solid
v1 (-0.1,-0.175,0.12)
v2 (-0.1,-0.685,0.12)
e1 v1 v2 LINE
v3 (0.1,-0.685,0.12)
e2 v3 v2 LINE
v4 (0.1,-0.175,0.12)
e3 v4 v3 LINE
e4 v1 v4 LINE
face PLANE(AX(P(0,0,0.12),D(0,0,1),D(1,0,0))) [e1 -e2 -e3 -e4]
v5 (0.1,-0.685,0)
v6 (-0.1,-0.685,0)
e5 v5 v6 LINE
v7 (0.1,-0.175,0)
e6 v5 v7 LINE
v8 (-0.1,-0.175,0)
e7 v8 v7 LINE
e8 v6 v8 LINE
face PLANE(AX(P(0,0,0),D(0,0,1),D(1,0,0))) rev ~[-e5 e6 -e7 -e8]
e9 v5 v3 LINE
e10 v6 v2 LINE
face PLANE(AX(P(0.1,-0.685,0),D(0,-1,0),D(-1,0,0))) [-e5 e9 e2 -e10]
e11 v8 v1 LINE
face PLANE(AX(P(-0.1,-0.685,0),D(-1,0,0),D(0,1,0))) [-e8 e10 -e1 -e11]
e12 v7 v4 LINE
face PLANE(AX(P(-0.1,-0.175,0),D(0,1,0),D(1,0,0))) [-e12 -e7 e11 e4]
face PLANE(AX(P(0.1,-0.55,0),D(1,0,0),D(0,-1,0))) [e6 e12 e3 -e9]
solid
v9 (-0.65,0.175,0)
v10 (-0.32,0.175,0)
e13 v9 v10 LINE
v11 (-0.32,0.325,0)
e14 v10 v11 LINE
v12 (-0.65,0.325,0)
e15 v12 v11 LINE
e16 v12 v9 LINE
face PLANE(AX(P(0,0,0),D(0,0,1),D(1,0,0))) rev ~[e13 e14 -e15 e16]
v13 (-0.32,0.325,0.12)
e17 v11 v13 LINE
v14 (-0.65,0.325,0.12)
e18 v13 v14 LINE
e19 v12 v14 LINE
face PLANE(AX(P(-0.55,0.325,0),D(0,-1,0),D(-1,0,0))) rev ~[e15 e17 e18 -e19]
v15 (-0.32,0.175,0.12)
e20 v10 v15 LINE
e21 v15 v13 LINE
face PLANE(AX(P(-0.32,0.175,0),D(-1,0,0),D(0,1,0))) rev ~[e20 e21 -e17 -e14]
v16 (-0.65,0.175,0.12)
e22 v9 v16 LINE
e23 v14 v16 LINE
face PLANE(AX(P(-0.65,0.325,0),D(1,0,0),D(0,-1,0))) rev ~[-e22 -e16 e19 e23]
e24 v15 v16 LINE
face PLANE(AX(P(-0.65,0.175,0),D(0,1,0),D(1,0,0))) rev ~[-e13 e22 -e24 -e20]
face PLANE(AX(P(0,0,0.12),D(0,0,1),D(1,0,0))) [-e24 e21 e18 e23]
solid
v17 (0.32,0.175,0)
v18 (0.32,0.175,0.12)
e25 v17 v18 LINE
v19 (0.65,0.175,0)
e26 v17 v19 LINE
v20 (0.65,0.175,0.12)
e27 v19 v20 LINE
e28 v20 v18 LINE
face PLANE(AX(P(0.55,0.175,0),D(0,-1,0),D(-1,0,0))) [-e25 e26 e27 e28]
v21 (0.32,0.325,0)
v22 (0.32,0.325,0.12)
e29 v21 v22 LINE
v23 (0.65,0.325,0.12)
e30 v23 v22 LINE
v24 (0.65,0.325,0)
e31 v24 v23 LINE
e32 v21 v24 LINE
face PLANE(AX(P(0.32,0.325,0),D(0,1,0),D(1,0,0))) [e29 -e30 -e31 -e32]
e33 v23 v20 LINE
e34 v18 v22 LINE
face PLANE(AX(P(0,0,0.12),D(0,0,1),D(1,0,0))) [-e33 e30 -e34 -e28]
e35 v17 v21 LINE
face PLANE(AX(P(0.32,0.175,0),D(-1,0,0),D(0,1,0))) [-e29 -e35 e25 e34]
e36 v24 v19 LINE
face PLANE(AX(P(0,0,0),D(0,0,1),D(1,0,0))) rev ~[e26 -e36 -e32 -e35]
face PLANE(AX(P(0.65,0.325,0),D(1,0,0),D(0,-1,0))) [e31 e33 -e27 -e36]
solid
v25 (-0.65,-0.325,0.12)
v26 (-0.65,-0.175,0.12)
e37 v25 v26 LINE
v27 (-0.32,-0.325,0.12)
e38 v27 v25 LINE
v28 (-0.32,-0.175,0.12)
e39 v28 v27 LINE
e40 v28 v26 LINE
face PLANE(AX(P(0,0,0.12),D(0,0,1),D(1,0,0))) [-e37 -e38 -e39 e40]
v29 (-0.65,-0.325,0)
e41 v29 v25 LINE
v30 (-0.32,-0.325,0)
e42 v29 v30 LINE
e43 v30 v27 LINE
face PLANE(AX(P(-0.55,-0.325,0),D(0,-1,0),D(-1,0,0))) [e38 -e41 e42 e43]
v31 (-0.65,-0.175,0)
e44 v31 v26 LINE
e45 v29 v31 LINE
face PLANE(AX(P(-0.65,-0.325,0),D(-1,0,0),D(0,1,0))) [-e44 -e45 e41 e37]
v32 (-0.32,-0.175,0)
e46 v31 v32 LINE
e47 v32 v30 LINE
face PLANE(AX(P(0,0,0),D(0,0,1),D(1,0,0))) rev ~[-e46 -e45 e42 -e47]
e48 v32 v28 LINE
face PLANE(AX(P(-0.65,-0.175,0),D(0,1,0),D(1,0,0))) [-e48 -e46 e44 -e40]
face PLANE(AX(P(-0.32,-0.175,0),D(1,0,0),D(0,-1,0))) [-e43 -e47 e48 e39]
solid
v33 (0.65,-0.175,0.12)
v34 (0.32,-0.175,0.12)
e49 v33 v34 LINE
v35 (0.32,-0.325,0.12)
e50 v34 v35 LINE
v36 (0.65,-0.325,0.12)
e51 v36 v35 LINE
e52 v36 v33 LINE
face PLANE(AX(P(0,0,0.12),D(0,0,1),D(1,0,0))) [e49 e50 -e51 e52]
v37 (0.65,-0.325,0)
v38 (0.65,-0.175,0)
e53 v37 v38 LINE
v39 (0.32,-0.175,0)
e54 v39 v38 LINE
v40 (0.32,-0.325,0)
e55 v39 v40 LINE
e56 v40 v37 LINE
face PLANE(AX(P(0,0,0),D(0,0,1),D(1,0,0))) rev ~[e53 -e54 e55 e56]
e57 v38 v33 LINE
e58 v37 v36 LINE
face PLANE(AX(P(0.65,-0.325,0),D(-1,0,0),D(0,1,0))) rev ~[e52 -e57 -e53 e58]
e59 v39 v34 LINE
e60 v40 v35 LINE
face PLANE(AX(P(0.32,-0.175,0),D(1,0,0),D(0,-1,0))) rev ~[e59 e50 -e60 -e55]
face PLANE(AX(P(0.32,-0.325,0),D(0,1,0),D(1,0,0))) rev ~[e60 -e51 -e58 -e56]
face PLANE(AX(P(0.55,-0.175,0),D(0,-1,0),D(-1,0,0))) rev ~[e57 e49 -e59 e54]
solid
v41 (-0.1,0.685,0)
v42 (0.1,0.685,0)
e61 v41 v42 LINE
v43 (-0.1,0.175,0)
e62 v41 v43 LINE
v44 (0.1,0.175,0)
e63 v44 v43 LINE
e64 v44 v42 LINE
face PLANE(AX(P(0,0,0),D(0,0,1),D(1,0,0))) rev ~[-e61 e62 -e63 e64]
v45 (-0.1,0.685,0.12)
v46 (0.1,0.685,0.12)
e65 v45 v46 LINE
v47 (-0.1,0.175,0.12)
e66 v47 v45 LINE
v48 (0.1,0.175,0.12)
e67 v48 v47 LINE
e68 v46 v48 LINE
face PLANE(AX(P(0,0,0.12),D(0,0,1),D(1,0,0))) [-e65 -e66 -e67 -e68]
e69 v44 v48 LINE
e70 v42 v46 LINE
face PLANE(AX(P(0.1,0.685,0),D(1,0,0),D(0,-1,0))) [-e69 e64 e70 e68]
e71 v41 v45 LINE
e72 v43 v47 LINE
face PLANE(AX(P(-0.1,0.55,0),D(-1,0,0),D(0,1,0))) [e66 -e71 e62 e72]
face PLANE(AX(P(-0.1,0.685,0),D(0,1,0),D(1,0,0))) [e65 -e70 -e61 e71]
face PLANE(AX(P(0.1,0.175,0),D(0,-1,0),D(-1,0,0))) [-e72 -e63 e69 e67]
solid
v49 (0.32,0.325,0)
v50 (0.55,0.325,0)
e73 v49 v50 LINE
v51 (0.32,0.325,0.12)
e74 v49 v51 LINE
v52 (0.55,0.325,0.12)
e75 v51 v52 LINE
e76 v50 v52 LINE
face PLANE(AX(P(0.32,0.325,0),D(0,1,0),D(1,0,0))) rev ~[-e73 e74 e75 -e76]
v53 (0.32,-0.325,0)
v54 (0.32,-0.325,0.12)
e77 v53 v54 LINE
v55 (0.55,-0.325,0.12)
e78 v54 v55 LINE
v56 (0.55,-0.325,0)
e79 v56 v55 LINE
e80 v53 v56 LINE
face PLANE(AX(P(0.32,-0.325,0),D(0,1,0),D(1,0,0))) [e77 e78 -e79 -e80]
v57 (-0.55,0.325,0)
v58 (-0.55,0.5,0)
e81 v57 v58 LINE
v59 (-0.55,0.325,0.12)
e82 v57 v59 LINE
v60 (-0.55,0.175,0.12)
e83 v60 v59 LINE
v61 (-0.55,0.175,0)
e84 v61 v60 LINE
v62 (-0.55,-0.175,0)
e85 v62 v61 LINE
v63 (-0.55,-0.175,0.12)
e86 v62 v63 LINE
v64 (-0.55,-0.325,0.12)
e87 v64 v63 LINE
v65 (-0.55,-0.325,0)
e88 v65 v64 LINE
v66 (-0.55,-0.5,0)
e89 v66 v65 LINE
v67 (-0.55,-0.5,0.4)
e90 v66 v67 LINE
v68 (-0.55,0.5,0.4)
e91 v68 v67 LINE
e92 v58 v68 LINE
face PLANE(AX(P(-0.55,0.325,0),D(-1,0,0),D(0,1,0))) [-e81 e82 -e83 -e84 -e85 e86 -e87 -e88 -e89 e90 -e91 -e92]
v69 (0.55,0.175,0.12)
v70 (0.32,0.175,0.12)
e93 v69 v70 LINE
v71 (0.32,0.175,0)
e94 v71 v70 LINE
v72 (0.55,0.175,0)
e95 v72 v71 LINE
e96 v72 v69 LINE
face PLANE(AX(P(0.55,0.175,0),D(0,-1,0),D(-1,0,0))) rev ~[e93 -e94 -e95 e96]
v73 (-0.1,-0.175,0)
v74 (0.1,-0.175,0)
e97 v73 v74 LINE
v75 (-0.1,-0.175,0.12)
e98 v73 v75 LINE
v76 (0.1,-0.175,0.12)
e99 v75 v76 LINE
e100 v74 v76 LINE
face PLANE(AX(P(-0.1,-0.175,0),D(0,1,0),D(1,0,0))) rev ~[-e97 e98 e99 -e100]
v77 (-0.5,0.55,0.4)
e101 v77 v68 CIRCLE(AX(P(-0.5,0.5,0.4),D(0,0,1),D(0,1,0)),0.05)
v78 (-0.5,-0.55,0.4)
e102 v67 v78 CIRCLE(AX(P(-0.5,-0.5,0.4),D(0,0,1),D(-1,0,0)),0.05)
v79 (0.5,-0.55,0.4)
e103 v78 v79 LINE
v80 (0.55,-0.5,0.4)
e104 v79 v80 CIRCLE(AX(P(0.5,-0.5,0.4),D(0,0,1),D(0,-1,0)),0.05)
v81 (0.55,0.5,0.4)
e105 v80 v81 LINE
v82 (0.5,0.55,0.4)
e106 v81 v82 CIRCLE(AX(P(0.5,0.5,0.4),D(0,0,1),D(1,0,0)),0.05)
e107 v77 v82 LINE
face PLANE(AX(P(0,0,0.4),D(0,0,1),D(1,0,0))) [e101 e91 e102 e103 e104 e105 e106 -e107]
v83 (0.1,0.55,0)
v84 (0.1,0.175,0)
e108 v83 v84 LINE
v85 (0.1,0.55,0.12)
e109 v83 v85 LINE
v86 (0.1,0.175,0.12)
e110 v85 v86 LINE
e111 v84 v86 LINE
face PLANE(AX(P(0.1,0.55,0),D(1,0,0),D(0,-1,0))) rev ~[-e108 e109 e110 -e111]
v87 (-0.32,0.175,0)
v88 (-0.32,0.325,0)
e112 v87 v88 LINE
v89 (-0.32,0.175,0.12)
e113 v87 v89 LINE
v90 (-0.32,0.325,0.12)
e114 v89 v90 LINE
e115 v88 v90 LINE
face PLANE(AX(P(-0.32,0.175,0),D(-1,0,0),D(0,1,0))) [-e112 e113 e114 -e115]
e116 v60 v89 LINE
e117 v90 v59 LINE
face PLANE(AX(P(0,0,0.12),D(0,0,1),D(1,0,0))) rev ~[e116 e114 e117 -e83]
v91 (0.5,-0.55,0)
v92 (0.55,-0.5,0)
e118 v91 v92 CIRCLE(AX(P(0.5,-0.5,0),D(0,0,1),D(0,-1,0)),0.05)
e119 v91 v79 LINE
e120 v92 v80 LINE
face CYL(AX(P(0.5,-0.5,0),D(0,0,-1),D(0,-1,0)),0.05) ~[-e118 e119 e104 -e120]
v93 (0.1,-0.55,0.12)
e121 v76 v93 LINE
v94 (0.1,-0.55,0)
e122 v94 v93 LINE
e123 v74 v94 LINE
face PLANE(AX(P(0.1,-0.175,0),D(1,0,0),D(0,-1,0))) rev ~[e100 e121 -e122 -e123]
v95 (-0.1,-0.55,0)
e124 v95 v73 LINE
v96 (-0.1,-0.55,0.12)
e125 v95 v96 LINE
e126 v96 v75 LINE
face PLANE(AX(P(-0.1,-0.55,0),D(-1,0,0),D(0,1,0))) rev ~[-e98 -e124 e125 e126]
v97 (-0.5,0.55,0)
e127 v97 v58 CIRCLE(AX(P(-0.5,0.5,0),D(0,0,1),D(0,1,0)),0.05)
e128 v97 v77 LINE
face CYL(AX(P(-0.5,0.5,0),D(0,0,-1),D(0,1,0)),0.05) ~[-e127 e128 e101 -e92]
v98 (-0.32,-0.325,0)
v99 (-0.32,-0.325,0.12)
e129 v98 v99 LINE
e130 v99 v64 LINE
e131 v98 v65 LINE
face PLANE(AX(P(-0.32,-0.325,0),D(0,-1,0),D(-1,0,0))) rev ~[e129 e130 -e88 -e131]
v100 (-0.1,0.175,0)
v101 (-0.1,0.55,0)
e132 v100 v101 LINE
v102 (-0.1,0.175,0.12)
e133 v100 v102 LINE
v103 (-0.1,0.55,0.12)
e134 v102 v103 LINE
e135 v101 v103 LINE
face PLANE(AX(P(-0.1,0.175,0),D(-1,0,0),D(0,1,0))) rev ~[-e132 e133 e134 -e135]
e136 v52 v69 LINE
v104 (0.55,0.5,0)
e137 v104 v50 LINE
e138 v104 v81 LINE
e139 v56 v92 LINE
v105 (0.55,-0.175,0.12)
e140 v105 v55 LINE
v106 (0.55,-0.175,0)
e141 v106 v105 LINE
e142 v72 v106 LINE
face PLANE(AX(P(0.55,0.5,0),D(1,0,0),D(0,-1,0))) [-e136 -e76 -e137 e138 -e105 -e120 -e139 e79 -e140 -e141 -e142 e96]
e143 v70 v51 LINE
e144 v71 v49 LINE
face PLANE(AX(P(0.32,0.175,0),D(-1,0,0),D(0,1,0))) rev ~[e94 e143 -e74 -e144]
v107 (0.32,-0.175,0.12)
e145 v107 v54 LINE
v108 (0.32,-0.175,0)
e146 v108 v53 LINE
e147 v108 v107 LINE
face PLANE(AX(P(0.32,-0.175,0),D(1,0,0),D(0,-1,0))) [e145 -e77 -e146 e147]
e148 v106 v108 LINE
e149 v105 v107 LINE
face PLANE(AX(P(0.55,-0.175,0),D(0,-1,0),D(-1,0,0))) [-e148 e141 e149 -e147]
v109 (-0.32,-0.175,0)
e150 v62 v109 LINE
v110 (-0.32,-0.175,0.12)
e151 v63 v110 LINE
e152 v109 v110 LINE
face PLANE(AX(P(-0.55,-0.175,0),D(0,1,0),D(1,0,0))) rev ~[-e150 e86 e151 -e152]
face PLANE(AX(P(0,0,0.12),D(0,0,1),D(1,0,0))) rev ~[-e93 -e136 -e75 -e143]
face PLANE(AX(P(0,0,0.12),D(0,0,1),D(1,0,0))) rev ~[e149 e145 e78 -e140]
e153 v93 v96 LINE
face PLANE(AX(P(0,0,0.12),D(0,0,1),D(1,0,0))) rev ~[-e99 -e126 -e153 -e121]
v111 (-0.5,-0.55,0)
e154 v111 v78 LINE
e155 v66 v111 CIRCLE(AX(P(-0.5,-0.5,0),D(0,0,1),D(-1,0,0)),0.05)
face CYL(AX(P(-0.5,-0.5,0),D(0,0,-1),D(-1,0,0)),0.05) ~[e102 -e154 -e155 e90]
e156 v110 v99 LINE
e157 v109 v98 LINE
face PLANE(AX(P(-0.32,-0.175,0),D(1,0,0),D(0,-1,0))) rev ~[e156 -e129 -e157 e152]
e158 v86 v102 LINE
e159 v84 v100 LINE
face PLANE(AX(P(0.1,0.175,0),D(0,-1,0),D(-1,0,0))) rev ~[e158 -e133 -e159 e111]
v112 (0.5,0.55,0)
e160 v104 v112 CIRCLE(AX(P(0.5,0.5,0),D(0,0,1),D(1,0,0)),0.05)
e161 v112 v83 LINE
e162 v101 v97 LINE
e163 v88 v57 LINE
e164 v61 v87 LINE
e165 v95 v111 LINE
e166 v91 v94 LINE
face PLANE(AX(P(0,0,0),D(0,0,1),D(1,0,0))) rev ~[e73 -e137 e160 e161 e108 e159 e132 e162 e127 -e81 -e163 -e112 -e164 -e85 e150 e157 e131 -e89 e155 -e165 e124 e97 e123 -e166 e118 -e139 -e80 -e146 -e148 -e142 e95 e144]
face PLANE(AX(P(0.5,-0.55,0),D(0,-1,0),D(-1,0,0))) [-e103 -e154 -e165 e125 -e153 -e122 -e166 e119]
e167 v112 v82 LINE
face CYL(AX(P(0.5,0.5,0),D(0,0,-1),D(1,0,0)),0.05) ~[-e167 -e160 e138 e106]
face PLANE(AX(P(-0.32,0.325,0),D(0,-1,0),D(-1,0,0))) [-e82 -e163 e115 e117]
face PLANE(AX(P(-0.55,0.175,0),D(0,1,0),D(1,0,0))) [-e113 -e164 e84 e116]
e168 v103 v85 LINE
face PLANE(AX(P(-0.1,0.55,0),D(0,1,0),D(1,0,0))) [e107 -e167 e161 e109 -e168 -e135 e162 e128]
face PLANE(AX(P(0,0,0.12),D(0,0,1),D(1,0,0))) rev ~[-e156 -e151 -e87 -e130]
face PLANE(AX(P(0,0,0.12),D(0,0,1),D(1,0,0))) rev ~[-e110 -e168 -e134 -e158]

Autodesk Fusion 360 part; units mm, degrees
sketch "草图1" plane through (0, 0, 0) normal (0, 0, 1) x (1, 0, 0)
  line L0 (0, 4) -> (0, -5) construction
  line L1 (-7.5, 0) -> (7.5, 0) construction
  line L2 (-0.1, 0.685) -> (0.1, 0.685)
  line L3 (0.1, 0.685) -> (0.1, 0.175)
  line L4 (0.1, 0.175) -> (-0.1, 0.175)
  line L5 (-0.1, 0.175) -> (-0.1, 0.685)
  line L6 (-0.1, -0.175) -> (0.1, -0.175)
  line L7 (0.1, -0.175) -> (0.1, -0.685)
  line L8 (0.1, -0.685) -> (-0.1, -0.685)
  line L9 (-0.1, -0.685) -> (-0.1, -0.175)
  line L10 (-0.32, 0.325) -> (-0.65, 0.325)
  line L11 (-0.65, 0.325) -> (-0.65, 0.175)
  line L12 (-0.65, 0.175) -> (-0.32, 0.175)
  line L13 (-0.32, 0.175) -> (-0.32, 0.325)
  line L14 (-0.65, -0.175) -> (-0.32, -0.175)
  line L15 (-0.32, -0.175) -> (-0.32, -0.325)
  line L16 (-0.32, -0.325) -> (-0.65, -0.325)
  line L17 (-0.65, -0.325) -> (-0.65, -0.175)
  line L18 (0.32, -0.325) -> (0.65, -0.325)
  line L19 (0.65, -0.175) -> (0.32, -0.175)
  line L20 (0.32, -0.175) -> (0.32, -0.325)
  line L21 (0.65, -0.325) -> (0.65, -0.175)
  line L22 (0.65, 0.325) -> (0.65, 0.175)
  line L23 (0.32, 0.325) -> (0.65, 0.325)
  line L24 (0.65, 0.175) -> (0.32, 0.175)
  line L25 (0.32, 0.175) -> (0.32, 0.325)
  line L26 (-0.5, 0.55) -> (0.5, 0.55)
  line L27 (0.55, 0.5) -> (0.55, -0.5)
  line L28 (0.5, -0.55) -> (-0.5, -0.55)
  line L29 (-0.55, -0.5) -> (-0.55, 0.5)
  arc A0 (-0.5, 0.55) -> (-0.55, 0.5) centre (-0.5, 0.5) ccw
  arc A1 (0.55, 0.5) -> (0.5, 0.55) centre (0.5, 0.5) ccw
  arc A2 (0.5, -0.55) -> (0.55, -0.5) centre (0.5, -0.5) ccw
  arc A3 (-0.55, -0.5) -> (-0.5, -0.55) centre (-0.5, -0.5) ccw
  dimension "d1" = 0.15
  dimension "d2" = 0.2
  dimension "d3" = 0.51
  dimension "d6" = 0.33
  dimension "d7" = 0.65
  dimension "d8" = 0.65
  dimension "d10" = 0.51
  dimension "d11" = 0.51
  dimension "d12" = 0.05
  dimension "d13" = 1
  dimension "d14" = 1
extrude "拉伸1" add sketch "草图1" along normal blind 0.4 contours L3 L4 L5 L26 | L3 L4 L5 L6 L7 L9 L10 L12 L13 L14 L15 L16 L18 L19 L20 L23 L24 L25 L26 L27 L28 L29 A0 A1 A2 A3 | L10 L12 L13 L29 | L23 L24 L25 L27 | L14 L15 L16 L29 | L18 L19 L20 L27 | L6 L7 L9 L28 makes body 1
extrude "拉伸2" cut sketch "草图1" along normal blind 0.12 contours L3 L4 L5 L26 | L10 L12 L13 L29 | L23 L24 L25 L27 | L14 L15 L16 L29 | L18 L19 L20 L27 | L6 L7 L9 L28 bodies 1
extrude "拉伸3" add sketch "草图1" along normal blind 0.12 separate body contours L2 L3 L5 L26 | L3 L4 L5 L26 | L10 L11 L12 L29 | L10 L12 L13 L29 | L23 L24 L25 L27 | L22 L23 L24 L27 | L14 L16 L17 L29 | L14 L15 L16 L29 | L18 L19 L20 L27 | L18 L19 L21 L27 | L7 L8 L9 L28 | L6 L7 L9 L28 makes body 2 at (0.0333, 0.345, 0) makes body 3 at (-0.0333, -0.345, 0) makes body 4 at (-0.54, 0.275, 0) makes body 5 at (0.54, 0.225, 0) makes body 6 at (0.43, -0.225, 0) makes body 7 at (-0.54, -0.225, 0)
